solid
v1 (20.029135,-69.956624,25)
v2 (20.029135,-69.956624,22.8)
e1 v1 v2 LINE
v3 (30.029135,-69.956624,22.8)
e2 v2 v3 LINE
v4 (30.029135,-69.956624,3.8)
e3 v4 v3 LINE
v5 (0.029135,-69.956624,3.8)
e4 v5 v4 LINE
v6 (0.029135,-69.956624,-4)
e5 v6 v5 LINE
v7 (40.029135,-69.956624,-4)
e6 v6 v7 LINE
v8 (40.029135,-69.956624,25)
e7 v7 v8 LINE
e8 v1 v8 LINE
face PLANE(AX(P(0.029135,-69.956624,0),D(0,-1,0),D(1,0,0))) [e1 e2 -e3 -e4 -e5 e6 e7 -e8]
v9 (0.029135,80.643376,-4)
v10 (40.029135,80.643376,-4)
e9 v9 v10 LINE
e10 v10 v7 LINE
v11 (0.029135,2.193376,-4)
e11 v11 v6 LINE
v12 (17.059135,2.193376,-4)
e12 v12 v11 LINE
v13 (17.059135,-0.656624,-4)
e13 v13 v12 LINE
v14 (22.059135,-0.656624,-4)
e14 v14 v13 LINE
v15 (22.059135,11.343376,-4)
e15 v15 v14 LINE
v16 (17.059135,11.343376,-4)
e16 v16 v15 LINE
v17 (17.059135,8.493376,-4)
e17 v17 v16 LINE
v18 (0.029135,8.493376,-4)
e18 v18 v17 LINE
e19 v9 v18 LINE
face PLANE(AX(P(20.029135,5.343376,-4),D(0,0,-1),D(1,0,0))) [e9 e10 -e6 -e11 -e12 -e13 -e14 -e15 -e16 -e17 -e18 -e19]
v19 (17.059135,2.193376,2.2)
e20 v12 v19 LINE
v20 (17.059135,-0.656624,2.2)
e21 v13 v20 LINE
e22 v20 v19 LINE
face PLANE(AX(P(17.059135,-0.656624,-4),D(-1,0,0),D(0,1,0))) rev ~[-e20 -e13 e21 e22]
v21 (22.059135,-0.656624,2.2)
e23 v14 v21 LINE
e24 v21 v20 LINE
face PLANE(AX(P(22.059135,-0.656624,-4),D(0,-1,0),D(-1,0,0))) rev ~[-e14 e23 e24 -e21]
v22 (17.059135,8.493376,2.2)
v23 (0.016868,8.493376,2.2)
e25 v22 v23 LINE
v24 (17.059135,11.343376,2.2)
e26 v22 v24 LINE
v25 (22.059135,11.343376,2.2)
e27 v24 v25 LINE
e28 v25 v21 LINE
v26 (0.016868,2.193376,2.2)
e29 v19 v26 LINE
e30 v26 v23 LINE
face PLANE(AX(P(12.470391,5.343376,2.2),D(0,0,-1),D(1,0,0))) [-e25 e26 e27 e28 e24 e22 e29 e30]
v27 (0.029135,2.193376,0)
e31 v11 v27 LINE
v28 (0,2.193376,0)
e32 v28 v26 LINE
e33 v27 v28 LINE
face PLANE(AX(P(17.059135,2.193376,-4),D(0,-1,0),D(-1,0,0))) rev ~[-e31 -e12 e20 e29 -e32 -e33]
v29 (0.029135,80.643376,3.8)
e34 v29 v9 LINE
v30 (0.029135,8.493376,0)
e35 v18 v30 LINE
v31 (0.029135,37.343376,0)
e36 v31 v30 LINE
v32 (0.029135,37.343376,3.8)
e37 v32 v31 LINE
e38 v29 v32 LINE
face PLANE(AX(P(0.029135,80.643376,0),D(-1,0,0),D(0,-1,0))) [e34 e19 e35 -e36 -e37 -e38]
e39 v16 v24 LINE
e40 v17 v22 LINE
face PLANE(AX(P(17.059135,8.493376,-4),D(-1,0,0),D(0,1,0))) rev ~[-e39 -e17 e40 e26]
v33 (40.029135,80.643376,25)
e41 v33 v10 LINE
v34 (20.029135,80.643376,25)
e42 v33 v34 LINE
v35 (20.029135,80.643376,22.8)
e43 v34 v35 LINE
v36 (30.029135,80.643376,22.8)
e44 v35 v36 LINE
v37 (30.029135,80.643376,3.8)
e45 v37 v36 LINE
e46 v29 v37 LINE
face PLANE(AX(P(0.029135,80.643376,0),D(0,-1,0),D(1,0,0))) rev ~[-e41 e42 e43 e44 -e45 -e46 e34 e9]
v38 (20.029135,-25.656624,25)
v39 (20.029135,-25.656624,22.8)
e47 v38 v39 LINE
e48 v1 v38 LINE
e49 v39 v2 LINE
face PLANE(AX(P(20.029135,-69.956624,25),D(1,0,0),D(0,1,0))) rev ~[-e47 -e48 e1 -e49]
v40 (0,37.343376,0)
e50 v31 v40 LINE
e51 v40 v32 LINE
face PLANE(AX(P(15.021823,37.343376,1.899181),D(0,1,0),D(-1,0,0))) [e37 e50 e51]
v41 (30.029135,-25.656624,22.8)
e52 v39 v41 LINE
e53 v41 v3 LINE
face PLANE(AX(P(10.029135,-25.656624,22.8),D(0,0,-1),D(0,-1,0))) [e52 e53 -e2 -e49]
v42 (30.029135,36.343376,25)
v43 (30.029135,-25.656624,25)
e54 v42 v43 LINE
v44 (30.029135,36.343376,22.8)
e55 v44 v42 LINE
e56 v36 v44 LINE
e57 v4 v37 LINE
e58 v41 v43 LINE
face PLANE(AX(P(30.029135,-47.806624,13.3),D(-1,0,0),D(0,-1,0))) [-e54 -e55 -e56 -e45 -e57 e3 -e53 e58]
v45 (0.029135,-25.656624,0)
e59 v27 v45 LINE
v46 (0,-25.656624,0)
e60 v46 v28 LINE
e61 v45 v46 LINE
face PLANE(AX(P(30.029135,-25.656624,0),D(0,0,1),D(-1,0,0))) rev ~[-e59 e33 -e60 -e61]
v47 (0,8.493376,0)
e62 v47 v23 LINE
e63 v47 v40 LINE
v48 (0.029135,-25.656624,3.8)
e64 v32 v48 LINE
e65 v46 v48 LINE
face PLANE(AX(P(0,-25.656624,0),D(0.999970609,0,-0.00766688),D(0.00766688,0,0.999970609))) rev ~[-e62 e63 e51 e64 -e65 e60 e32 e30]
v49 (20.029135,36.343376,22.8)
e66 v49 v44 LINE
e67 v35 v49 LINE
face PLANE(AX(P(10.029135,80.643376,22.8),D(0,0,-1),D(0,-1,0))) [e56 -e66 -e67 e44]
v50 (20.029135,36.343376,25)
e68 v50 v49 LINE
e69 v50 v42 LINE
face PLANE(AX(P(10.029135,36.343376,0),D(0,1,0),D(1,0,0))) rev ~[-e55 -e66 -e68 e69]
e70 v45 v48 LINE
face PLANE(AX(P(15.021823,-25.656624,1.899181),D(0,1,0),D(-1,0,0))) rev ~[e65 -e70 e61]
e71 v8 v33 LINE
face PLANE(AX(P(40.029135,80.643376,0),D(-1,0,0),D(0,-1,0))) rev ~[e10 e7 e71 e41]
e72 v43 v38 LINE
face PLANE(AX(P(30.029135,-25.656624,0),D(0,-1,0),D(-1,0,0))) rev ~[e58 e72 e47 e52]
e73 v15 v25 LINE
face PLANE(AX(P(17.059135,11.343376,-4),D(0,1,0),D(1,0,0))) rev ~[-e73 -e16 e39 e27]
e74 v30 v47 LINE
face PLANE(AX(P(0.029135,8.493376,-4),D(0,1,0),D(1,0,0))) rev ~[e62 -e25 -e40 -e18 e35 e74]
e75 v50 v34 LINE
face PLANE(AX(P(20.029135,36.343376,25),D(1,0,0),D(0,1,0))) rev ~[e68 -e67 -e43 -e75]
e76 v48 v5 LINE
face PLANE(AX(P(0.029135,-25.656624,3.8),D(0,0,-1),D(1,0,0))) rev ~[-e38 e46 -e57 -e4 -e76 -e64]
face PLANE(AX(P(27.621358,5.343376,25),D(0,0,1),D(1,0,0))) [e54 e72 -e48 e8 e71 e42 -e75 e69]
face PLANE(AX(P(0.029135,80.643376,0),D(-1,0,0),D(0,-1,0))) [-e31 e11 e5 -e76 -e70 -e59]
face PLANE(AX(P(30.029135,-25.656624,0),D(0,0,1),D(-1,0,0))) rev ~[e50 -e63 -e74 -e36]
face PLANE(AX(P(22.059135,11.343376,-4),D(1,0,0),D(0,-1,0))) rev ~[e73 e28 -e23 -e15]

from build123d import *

# Parameters (mm, degrees)
F1_DEPTH  = 25
F3_W      = 44.3
F3_H      = 19
F4_DEPTH  = 20
F5_W      = 10
F5_H      = 44.3
F6_DEPTH  = 25
F7_W      = 44.3
F7_H      = 19
F8_DEPTH  = 20
F9_W      = 10
F9_H      = 44.3
F10_DEPTH = 25
F11_W     = 44.3
F11_H     = 3.8
F12_DEPTH = 20
F13_W     = 44.3
F13_H     = 3.8
F14_DEPTH = 20
F16_DEPTH = 63
F2_W      = 40
F2_H      = 150.6
F17_DEPTH = 4
F19_DEPTH = 6.2
F20_W     = 6.3
F20_H     = 2.2
F21_DEPTH = 25


with BuildPart() as f1:
    # F0 (on Top) → F1 (new body)
    with BuildSketch(Plane.XY):
        Polygon((40.029135, -69.956624), (40.029135, 80.643376), (20.029135, 80.643376), (10.029135, 80.643376), (10.029135, 36.343376), (30.029135, 36.343376), (30.029135, -25.656624), (10.029135, -25.656624), (10.029135, -69.956624), (20.029135, -69.956624), align=None)
    extrude(amount=F1_DEPTH)

    # F3 (on face) → F4 (cut)
    with BuildSketch(Plane(origin=(10.029135, 0, 0), x_dir=(0, -1, 0), z_dir=(-1, 0, 0))):
        with Locations((-58.493376, 13.3)):
            Rectangle(F3_W, F3_H)
    extrude(amount=-F4_DEPTH, mode=Mode.SUBTRACT)

    # F5 (on face) → F6 (cut)
    with BuildSketch(Plane.XY.offset(25)):
        with Locations((15.029135, 58.493376)):
            Rectangle(F5_W, F5_H)
    extrude(amount=-F6_DEPTH, mode=Mode.SUBTRACT)

    # F7 (on face) → F8 (cut)
    with BuildSketch(Plane(origin=(10.029135, 0, 0), x_dir=(0, -1, 0), z_dir=(-1, 0, 0))):
        with Locations((47.806624, 13.3)):
            Rectangle(F7_W, F7_H)
    extrude(amount=-F8_DEPTH, mode=Mode.SUBTRACT)

    # F9 (on face) → F10 (cut)
    with BuildSketch(Plane.XY.offset(25)):
        with Locations((15.029135, -47.806624)):
            Rectangle(F9_W, F9_H)
    extrude(amount=-F10_DEPTH, mode=Mode.SUBTRACT)

    # F11 (on face) → F12 (join)
    with BuildSketch(Plane(origin=(20.029135, 0, 0), x_dir=(0, -1, 0), z_dir=(-1, 0, 0))):
        with Locations((-58.493376, 1.9)):
            Rectangle(F11_W, F11_H)
    extrude(amount=F12_DEPTH)

    # F13 (on face) → F14 (join)
    with BuildSketch(Plane(origin=(20.029135, 0, 0), x_dir=(0, -1, 0), z_dir=(-1, 0, 0))):
        with Locations((47.806624, 1.9)):
            Rectangle(F13_W, F13_H)
    extrude(amount=F14_DEPTH)

    # F15 (on face) → F16 (join)
    with BuildSketch(Plane(origin=(0, -25.656624, 0), x_dir=(-1, 0, 0), z_dir=(0, 1, 0))):
        Polygon((-0.029135, 3.8), (-30.029135, 3.8), (-30.029135, 0), (0, 0), align=None)
    extrude(amount=F16_DEPTH)

    # F2 (on face) → F17 (join)
    with BuildSketch(Plane(origin=(0, 0, 0), x_dir=(1, 0, 0), z_dir=(0, 0, -1))):
        with Locations((20.029135, -5.343376)):
            Rectangle(F2_W, F2_H)
    extrude(amount=F17_DEPTH)

    # F18 (on face) → F19 (cut)
    with BuildSketch(Plane(origin=(0, 0, -4), x_dir=(1, 0, 0), z_dir=(0, 0, -1))):
        Polygon((0.029135, -2.193376), (0.029135, -8.493376), (17.059135, -8.493376), (17.059135, -11.343376), (22.059135, -11.343376), (22.059135, 0.656624), (17.059135, 0.656624), (17.059135, -2.193376), align=None)
    extrude(amount=-F19_DEPTH, mode=Mode.SUBTRACT)

    # F20 (on face) → F21 (cut)
    with BuildSketch(Plane.YZ.offset(0.029135)):
        with Locations((5.343376, 1.1)):
            Rectangle(F20_W, F20_H)
    extrude(amount=-F21_DEPTH, mode=Mode.SUBTRACT)


solid = f1.part
